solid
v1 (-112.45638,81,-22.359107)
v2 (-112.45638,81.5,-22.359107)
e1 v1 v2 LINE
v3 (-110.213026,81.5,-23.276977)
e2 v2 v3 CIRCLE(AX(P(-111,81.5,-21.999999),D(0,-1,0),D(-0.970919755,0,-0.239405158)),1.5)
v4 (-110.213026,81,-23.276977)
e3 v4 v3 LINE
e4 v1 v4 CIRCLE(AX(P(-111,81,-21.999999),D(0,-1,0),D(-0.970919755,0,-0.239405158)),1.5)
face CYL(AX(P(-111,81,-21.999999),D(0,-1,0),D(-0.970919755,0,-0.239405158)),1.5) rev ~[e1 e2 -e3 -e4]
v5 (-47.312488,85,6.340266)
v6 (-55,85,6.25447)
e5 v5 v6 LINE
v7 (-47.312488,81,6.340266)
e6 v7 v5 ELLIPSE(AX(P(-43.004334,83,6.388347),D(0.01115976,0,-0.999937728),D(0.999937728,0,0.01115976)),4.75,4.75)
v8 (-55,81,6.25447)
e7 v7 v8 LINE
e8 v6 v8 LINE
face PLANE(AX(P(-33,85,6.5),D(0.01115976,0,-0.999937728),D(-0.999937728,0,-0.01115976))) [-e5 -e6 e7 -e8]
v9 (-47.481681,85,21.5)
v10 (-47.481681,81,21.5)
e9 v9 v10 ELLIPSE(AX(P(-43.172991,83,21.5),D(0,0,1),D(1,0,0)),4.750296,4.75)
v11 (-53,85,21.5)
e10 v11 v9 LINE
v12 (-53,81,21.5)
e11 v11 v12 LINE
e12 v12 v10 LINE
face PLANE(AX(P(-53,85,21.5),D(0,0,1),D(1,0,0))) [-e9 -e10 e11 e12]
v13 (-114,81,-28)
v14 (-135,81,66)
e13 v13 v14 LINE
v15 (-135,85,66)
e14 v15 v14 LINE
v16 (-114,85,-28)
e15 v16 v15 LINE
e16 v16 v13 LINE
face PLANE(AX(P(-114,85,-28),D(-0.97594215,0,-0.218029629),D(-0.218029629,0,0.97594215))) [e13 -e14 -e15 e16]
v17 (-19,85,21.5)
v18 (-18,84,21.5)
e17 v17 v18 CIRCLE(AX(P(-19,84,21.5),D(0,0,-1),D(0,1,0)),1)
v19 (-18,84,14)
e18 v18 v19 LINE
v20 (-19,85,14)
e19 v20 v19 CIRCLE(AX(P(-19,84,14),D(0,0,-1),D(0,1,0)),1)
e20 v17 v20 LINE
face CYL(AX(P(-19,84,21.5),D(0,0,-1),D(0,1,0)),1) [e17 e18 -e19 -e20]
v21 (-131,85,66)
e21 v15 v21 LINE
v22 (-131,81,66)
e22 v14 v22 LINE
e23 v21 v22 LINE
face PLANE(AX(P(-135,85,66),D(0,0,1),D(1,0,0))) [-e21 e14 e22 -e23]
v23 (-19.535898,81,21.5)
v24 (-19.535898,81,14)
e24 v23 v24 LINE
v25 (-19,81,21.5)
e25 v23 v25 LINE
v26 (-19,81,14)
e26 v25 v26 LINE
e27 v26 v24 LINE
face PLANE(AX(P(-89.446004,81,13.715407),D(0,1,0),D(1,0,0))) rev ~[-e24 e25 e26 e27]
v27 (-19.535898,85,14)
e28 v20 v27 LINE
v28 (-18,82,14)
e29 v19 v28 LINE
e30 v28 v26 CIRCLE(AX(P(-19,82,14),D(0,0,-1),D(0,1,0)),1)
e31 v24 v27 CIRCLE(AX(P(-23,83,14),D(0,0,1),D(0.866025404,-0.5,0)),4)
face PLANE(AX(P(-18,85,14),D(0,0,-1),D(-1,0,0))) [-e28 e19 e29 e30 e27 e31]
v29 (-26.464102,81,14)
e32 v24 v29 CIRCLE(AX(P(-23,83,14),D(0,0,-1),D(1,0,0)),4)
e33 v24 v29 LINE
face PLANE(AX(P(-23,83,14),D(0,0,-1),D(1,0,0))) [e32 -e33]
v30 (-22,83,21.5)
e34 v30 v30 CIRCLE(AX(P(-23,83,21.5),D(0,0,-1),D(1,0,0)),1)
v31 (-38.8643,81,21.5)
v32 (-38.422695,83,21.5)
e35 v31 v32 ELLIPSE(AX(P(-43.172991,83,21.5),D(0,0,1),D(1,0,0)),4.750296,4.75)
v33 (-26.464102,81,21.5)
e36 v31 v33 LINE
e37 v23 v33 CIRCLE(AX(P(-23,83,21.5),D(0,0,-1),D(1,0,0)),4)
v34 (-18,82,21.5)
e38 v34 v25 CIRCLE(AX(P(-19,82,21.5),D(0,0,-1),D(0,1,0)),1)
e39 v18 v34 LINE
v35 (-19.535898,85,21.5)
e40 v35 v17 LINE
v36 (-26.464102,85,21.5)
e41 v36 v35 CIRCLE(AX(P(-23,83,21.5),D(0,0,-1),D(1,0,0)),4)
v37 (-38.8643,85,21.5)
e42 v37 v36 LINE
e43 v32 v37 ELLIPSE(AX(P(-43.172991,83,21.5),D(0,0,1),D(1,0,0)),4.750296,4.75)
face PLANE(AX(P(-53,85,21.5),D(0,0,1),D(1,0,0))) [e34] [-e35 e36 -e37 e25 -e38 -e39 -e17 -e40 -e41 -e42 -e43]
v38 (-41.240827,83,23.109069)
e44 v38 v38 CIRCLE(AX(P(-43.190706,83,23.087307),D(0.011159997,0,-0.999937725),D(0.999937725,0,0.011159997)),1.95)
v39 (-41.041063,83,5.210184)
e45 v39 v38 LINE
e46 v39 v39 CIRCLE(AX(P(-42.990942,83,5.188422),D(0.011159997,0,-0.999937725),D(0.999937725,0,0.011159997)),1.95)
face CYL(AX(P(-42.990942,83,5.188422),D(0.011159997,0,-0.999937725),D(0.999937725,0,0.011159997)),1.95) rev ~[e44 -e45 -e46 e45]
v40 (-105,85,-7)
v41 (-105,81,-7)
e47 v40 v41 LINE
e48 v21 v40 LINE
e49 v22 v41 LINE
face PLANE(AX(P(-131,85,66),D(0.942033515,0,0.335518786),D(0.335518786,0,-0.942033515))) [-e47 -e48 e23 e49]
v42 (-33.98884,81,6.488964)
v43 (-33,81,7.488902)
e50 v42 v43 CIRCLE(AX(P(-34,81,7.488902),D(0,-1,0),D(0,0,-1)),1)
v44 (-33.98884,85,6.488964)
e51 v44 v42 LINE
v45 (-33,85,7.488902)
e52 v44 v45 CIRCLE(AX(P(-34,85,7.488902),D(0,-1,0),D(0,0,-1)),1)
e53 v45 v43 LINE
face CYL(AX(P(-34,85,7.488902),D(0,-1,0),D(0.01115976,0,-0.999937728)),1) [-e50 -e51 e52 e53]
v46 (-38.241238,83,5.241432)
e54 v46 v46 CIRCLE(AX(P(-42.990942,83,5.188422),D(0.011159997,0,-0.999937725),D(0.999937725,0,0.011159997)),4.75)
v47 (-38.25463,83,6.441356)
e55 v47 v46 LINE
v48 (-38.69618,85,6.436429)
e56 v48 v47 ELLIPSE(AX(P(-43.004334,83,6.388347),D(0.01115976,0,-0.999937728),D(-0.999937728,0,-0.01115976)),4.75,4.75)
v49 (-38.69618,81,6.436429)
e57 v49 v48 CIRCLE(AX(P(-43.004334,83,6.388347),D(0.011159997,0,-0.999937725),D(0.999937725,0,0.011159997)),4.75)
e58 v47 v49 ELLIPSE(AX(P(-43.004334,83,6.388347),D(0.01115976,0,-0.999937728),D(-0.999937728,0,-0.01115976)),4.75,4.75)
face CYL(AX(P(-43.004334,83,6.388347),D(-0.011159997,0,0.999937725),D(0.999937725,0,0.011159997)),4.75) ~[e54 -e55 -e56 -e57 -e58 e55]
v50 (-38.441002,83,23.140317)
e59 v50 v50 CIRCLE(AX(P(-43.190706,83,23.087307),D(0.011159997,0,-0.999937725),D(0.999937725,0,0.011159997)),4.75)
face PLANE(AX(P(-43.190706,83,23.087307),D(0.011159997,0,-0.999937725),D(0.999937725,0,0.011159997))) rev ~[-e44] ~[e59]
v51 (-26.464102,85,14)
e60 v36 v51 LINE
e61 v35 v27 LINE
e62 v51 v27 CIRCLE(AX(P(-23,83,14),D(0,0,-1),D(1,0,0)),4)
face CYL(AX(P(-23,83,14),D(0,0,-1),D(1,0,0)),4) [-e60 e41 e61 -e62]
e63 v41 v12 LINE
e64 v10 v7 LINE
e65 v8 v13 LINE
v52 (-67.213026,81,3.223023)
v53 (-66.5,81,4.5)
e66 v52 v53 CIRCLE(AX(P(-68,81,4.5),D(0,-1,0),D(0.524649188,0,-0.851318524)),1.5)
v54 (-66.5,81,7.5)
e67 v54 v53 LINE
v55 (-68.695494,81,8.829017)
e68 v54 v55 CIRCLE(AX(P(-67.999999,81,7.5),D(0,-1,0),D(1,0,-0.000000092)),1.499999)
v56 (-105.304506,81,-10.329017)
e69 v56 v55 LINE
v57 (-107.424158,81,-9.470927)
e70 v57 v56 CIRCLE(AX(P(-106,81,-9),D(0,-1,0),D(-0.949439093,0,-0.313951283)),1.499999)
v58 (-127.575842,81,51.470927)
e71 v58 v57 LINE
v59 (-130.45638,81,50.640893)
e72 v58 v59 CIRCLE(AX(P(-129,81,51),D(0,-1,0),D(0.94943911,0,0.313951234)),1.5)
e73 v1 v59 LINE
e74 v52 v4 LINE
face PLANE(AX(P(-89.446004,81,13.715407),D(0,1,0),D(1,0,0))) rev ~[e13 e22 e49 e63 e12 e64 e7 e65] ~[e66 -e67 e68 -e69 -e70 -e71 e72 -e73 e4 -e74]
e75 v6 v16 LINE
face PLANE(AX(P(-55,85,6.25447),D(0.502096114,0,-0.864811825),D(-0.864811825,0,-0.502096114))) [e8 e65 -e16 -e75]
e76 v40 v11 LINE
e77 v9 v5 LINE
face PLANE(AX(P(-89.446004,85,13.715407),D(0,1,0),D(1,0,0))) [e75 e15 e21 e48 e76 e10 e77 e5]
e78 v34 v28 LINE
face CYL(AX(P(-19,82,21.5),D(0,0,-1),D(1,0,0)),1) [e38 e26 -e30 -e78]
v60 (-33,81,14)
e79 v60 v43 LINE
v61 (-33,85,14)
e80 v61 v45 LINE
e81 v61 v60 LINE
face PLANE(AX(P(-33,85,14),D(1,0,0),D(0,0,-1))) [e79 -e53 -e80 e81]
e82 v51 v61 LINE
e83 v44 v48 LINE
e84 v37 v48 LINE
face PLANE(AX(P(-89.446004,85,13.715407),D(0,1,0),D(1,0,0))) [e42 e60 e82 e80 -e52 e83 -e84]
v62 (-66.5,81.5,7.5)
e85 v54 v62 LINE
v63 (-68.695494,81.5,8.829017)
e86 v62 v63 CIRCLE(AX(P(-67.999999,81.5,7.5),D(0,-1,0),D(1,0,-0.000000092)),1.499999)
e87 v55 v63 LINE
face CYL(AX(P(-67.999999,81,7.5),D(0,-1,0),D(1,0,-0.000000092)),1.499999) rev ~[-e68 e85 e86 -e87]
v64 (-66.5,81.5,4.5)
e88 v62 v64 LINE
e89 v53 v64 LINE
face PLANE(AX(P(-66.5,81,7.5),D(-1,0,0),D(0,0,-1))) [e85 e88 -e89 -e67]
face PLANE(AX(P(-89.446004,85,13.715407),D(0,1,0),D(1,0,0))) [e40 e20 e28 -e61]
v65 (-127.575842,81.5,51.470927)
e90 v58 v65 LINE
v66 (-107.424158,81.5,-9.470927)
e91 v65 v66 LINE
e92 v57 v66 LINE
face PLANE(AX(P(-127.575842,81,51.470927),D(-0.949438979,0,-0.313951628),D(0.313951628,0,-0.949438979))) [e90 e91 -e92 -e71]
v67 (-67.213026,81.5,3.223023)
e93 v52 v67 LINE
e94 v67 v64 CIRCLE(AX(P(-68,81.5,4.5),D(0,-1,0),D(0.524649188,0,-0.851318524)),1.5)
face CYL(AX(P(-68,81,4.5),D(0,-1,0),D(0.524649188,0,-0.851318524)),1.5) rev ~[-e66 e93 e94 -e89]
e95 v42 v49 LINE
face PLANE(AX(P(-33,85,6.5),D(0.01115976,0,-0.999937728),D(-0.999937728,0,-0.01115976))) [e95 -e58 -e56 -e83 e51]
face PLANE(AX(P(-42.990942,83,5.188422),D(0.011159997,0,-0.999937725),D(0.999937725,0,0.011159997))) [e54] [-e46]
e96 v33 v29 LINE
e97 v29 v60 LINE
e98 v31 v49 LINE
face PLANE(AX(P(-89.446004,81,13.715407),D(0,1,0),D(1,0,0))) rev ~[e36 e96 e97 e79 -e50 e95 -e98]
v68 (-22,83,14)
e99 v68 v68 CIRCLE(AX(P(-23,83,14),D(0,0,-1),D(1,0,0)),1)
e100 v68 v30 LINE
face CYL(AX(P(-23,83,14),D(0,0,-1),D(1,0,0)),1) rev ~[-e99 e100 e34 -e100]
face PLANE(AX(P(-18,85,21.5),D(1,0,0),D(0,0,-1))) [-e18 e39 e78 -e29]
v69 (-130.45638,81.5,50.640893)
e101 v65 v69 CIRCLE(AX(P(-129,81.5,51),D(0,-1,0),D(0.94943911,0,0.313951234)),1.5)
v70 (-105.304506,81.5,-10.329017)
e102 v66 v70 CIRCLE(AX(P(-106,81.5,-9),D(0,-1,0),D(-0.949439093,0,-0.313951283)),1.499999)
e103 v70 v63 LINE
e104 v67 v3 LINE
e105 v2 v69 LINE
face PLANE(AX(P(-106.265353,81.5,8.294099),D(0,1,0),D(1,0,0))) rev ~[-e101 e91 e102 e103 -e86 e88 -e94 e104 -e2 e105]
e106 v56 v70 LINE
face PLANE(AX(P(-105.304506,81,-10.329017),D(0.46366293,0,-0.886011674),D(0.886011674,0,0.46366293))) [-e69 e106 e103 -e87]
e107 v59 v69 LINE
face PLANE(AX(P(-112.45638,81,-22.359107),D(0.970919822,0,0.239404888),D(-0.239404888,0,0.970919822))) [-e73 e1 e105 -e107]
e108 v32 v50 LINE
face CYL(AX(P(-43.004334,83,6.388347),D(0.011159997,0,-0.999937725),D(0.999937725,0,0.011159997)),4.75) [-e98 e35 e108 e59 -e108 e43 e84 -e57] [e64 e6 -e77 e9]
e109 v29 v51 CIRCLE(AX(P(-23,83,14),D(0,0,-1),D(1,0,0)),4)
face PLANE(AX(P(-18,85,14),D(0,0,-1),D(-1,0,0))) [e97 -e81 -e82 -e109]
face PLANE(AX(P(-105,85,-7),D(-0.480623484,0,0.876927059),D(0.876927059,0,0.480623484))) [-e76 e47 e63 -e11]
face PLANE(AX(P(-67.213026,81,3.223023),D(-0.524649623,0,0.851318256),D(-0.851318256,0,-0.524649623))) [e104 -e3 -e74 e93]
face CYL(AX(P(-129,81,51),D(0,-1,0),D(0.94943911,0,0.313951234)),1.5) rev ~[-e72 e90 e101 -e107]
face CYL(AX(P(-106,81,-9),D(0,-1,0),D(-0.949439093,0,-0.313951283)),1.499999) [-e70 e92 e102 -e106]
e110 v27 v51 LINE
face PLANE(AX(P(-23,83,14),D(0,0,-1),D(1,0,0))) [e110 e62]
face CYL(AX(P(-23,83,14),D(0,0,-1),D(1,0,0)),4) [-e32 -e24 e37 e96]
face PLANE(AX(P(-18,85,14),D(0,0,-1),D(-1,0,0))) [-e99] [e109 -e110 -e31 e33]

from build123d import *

# Parameters (mm, degrees)
PAD_DEPTH         = 4
POCKET_DEPTH      = 0.5
SKETCH002_R       = 4.75
PAD001_DEPTH      = 1.2
PAD001_DEPTH_BACK = 16.7
SKETCH003_R       = 4
PAD002_DEPTH      = 7.5
SKETCH004_R       = 1.95
POCKET001_DEPTH   = 61.83559
SKETCH005_R       = 1
POCKET002_DEPTH   = 52.001
FILLET_R          = 1
FILLET001_R       = 1
FILLET002_R       = 1


with BuildPart() as part:
    # Sketch → Pad (new body)
    with BuildSketch(Plane(origin=(-43, 85, 6), x_dir=(-1, 0, 0), z_dir=(0, -1, 0))):
        Polygon((-25, -15.5), (-25, -8), (-10, -8), (-10, -0.5), (12, -0.25447), (71, 34), (92, -60), (88, -60), (62, 13), (10, -15.5), align=None)
    extrude(amount=PAD_DEPTH)

    # Sketch001 → Pocket (cut)
    with BuildSketch(Plane(origin=(-43, 81, 6), x_dir=(-1, 0, 0), z_dir=(0, -1, 0))):
        with BuildLine():
            Line((23.5, -1.5), (23.5, 1.5))
            ThreePointArc((24.213026, 2.776977), (23.690332, 2.231279), (23.5, 1.5))
            Line((24.213026, 2.776977), (67.213026, 29.276977))
            ThreePointArc((69.45638, 28.359107), (68.56802, 29.388291), (67.213026, 29.276977))
            Line((69.45638, 28.359107), (87.45638, -44.640893))
            ThreePointArc((84.575842, -45.470927), (86.41533, -46.441354), (87.45638, -44.640893))
            Line((84.575842, -45.470927), (64.424158, 15.470927))
            ThreePointArc((64.424158, 15.470927), (63.562865, 16.390389), (62.304506, 16.329017))
            Line((62.304506, 16.329017), (25.695494, -2.829017))
            ThreePointArc((23.5, -1.5), (24.223225, -2.783207), (25.695494, -2.829017))
        make_face()
    extrude(amount=-POCKET_DEPTH, mode=Mode.SUBTRACT)

    # Sketch002 → Pad001 (new body, two sides)
    with BuildSketch(Plane(origin=(-43.004334, 85, 6.388347), x_dir=(0.999938, 0, 0.01116), z_dir=(0.01116, 0, -0.999938))) as pad001_sk:
        with Locations((0, 2)):
            Circle(SKETCH002_R)
    extrude(amount=PAD001_DEPTH)
    extrude(pad001_sk.sketch, amount=-PAD001_DEPTH_BACK)

    # Sketch003 → Pad002 (new body)
    with BuildSketch(Plane(origin=(-43, 85, 14), x_dir=(1, 0, 0), z_dir=(0, 0, -1))):
        with Locations((20, 2)):
            Circle(SKETCH003_R)
    extrude(amount=-PAD002_DEPTH)

    # Sketch004 → Pocket001 (cut, through all)
    with BuildSketch(Plane(origin=(-42.990942, 85, 5.188422), x_dir=(0.999938, 0, 0.01116), z_dir=(0.01116, 0, -0.999938))):
        with Locations((0, 2)):
            Circle(SKETCH004_R)
    extrude(amount=-POCKET001_DEPTH, mode=Mode.SUBTRACT)

    # Sketch005 → Pocket002 (cut, through all)
    with BuildSketch(Plane(origin=(-43, 85, 14), x_dir=(1, 0, 0), z_dir=(0, 0, -1))):
        with Locations((20, 2)):
            Circle(SKETCH005_R)
    extrude(amount=-POCKET002_DEPTH, mode=Mode.SUBTRACT)

    # Fillet
    fillet_edges = [part.edges().sort_by_distance(p)[0] for p in [
        (-18, 85, 17.75),
    ]]
    fillet(fillet_edges, radius=FILLET_R)

    # Fillet001
    fillet001_edges = [part.edges().sort_by_distance(p)[0] for p in [
        (-18, 81, 17.75),
    ]]
    fillet(fillet001_edges, radius=FILLET001_R)

    # Fillet002
    fillet002_edges = [part.edges().sort_by_distance(p)[0] for p in [
        (-33, 83, 6.5),
    ]]
    fillet(fillet002_edges, radius=FILLET002_R)


solid = part.part
